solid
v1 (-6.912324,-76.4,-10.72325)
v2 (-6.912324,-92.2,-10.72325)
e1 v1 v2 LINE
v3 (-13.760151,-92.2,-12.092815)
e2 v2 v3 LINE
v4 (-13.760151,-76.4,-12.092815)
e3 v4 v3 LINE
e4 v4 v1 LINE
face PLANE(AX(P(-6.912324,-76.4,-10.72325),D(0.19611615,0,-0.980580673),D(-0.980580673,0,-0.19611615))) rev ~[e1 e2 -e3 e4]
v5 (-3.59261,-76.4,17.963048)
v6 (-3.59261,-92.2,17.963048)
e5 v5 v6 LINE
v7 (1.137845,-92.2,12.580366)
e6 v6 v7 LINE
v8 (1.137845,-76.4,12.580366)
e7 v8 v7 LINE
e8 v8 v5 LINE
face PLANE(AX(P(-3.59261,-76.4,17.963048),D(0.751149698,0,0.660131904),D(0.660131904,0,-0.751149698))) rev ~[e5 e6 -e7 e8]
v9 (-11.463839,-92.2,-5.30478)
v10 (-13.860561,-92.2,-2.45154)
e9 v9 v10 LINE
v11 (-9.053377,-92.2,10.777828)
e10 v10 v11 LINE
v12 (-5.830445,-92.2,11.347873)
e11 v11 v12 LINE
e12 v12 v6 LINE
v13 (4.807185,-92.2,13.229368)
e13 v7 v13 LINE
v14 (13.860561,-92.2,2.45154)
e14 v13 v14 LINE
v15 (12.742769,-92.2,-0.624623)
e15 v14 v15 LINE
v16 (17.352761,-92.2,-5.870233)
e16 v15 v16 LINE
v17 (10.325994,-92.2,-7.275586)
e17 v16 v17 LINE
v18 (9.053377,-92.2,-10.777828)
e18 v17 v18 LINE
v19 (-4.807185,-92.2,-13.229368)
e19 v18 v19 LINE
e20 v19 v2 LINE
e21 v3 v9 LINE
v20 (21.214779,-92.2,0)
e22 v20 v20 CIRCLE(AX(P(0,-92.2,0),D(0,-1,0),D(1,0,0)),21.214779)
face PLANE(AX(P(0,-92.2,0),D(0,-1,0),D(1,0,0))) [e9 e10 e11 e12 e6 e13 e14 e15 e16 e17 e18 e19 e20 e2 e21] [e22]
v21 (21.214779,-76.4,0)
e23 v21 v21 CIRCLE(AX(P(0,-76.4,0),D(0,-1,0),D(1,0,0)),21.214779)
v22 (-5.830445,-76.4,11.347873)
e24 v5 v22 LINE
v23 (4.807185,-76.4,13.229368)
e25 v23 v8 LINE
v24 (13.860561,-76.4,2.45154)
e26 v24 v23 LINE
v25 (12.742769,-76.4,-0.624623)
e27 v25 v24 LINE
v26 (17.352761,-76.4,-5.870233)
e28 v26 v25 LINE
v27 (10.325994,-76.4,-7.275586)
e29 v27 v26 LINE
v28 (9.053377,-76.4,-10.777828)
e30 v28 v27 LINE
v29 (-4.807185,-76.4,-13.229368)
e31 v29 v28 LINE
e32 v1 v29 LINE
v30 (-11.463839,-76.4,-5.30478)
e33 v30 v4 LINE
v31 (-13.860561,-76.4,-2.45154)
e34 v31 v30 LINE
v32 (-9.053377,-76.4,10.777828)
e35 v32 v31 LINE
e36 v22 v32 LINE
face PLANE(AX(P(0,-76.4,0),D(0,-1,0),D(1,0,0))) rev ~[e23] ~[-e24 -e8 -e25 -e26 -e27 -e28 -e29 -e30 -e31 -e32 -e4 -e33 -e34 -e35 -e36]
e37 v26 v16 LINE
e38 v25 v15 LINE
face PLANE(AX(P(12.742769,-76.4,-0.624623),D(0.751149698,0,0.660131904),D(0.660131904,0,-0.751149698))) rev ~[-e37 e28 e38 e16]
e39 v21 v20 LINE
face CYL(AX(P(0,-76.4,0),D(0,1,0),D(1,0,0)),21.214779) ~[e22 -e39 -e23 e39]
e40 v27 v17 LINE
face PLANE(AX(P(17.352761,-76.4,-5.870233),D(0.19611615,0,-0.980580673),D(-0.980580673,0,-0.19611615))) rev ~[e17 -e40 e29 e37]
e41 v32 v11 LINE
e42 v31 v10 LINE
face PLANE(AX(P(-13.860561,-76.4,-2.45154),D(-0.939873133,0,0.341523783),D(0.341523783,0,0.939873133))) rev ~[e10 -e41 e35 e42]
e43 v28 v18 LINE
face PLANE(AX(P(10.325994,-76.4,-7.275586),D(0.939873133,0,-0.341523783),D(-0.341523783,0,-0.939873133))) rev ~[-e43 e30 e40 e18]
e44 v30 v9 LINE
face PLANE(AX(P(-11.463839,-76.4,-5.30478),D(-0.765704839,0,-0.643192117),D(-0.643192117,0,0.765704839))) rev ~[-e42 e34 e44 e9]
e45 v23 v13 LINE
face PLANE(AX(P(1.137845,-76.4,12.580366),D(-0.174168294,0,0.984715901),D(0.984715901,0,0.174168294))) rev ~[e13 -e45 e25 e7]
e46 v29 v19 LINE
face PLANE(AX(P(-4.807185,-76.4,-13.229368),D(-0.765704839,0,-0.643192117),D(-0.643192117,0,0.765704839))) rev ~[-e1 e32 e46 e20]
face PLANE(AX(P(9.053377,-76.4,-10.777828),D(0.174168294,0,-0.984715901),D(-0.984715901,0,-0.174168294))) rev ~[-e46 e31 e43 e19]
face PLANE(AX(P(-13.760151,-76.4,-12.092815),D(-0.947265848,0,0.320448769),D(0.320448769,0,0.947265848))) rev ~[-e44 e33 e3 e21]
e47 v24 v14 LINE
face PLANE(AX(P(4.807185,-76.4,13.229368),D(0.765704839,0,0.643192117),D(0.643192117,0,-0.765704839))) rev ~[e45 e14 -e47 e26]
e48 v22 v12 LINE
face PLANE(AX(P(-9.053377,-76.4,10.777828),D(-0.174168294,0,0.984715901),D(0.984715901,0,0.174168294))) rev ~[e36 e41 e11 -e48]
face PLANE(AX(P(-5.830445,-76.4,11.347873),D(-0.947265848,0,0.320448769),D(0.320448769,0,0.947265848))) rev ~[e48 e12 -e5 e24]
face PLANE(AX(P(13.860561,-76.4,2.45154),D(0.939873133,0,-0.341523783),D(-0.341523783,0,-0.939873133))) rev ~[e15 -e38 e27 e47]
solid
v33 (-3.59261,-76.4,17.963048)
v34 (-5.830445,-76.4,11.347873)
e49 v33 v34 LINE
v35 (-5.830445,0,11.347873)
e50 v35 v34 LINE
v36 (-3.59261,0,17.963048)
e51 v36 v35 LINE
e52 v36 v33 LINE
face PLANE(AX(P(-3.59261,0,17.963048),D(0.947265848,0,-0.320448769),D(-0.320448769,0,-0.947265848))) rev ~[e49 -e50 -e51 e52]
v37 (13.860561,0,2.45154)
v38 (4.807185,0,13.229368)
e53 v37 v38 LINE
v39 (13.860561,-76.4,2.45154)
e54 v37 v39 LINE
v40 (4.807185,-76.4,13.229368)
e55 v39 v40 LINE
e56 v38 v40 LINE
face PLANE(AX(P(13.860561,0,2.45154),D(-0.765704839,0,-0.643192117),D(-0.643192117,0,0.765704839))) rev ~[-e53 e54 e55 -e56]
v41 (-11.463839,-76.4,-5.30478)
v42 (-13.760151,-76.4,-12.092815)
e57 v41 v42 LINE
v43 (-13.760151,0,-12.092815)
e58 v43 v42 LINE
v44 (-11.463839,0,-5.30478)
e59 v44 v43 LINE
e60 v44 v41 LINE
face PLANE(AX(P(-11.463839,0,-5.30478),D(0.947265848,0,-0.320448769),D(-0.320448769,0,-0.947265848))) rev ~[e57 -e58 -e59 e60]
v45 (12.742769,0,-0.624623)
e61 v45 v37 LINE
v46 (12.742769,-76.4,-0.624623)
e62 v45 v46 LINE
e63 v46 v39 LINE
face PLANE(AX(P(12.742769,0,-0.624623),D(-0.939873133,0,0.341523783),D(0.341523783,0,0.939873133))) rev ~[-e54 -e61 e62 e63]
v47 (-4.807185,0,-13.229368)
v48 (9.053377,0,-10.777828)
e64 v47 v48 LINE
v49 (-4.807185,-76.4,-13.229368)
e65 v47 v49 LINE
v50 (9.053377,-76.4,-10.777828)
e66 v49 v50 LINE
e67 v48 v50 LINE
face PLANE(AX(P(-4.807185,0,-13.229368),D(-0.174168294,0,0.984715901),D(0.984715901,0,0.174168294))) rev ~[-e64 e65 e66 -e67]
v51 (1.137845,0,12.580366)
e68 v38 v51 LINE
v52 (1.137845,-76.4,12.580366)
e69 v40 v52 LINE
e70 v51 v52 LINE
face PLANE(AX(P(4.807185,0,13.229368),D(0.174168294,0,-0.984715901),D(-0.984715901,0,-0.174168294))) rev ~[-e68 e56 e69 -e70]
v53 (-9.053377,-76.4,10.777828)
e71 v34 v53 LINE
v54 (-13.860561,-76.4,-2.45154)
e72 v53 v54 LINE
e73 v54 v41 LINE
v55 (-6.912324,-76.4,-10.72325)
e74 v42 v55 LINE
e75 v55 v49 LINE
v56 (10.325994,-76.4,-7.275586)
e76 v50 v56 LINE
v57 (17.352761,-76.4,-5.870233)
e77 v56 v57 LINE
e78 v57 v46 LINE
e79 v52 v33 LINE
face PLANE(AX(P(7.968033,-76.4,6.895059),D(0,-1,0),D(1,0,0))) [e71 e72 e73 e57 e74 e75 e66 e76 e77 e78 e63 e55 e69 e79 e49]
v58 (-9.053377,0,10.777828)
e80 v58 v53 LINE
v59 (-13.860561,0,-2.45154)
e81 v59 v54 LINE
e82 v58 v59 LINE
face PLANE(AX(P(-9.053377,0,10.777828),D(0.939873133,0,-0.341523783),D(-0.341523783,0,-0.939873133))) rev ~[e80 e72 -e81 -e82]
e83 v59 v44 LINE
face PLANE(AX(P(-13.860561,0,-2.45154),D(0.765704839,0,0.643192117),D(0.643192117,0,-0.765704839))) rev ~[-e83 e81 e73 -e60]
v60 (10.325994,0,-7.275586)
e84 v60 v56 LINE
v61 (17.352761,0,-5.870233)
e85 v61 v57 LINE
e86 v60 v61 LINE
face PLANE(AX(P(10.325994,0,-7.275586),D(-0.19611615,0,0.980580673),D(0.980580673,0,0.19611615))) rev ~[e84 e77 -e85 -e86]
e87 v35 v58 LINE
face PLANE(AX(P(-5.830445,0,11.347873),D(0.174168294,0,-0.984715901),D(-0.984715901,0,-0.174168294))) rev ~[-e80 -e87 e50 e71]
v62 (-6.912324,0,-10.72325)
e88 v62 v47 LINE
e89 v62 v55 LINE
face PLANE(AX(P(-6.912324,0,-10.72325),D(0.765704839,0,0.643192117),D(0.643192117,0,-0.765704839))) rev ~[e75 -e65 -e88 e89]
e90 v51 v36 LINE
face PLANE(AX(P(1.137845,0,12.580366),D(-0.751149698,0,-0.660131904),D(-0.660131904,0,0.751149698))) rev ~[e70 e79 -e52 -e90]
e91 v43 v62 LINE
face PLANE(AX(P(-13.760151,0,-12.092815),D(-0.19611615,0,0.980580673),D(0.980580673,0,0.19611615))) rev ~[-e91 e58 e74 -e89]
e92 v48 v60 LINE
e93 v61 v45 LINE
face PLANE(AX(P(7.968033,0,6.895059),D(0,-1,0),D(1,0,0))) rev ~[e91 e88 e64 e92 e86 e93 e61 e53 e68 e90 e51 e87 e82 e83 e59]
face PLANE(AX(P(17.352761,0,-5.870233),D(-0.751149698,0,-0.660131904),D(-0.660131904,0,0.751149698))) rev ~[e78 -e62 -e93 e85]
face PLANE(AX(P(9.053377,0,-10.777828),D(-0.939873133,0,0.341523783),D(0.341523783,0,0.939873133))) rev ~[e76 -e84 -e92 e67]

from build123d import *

# Parameters (mm, degrees)
F1_DEPTH = 76.4
F2_R     = 21.2147791917
F3_DEPTH = 15.8


with BuildPart() as f1:
    # F0 (on Front) → F1 (new body)
    with BuildSketch(Plane.XZ):
        Polygon((4.8071848396, 13.2293681837), (1.137845375, 12.5803661785), (12.7427690614, -0.6246234134), (13.8605613429, 2.4515399001), align=None)
        Polygon((-5.8304447869, 11.3478734284), (-9.0533765033, 10.7778282836), (-13.8605613429, -2.4515399001), (-11.463839387, -5.3047800889), align=None)
        Polygon((1.137845375, 12.5803661785), (-5.8304447869, 11.3478734284), (-11.463839387, -5.3047800889), (-6.9123242745, -10.723250015), (10.325994012, -7.2755860896), (12.7427690614, -0.6246234134), align=None)
        Polygon((10.325994012, -7.2755860896), (-6.9123242745, -10.723250015), (-4.8071848396, -13.2293681837), (9.0533765033, -10.7778282836), align=None)
        Polygon((-3.5926098935, 17.9630480707), (-5.8304447869, 11.3478734284), (1.137845375, 12.5803661785), align=None)
        Polygon((17.3527609054, -5.8702326016), (12.7427690614, -0.6246234134), (10.325994012, -7.2755860896), align=None)
        Polygon((-6.9123242745, -10.723250015), (-11.463839387, -5.3047800889), (-13.7601510118, -12.092815469), align=None)
    extrude(amount=F1_DEPTH)

    # F2 (on face) → F3 (join)
    with BuildSketch(Plane.XZ.offset(76.4)):
        Circle(F2_R)
        Polygon((4.8071848396, 13.2293681837), (13.8605613429, 2.4515399001), (12.7427690614, -0.6246234134), (17.3527609054, -5.8702326016), (10.325994012, -7.2755860896), (9.0533765033, -10.7778282836), (-4.8071848396, -13.2293681837), (-6.9123242745, -10.723250015), (-13.7601510118, -12.092815469), (-11.463839387, -5.3047800889), (-13.8605613429, -2.4515399001), (-9.0533765033, 10.7778282836), (-5.8304447869, 11.3478734284), (-3.5926098935, 17.9630480707), (1.137845375, 12.5803661785), align=None, mode=Mode.SUBTRACT)
    extrude(amount=F3_DEPTH)


solid = f1.part
